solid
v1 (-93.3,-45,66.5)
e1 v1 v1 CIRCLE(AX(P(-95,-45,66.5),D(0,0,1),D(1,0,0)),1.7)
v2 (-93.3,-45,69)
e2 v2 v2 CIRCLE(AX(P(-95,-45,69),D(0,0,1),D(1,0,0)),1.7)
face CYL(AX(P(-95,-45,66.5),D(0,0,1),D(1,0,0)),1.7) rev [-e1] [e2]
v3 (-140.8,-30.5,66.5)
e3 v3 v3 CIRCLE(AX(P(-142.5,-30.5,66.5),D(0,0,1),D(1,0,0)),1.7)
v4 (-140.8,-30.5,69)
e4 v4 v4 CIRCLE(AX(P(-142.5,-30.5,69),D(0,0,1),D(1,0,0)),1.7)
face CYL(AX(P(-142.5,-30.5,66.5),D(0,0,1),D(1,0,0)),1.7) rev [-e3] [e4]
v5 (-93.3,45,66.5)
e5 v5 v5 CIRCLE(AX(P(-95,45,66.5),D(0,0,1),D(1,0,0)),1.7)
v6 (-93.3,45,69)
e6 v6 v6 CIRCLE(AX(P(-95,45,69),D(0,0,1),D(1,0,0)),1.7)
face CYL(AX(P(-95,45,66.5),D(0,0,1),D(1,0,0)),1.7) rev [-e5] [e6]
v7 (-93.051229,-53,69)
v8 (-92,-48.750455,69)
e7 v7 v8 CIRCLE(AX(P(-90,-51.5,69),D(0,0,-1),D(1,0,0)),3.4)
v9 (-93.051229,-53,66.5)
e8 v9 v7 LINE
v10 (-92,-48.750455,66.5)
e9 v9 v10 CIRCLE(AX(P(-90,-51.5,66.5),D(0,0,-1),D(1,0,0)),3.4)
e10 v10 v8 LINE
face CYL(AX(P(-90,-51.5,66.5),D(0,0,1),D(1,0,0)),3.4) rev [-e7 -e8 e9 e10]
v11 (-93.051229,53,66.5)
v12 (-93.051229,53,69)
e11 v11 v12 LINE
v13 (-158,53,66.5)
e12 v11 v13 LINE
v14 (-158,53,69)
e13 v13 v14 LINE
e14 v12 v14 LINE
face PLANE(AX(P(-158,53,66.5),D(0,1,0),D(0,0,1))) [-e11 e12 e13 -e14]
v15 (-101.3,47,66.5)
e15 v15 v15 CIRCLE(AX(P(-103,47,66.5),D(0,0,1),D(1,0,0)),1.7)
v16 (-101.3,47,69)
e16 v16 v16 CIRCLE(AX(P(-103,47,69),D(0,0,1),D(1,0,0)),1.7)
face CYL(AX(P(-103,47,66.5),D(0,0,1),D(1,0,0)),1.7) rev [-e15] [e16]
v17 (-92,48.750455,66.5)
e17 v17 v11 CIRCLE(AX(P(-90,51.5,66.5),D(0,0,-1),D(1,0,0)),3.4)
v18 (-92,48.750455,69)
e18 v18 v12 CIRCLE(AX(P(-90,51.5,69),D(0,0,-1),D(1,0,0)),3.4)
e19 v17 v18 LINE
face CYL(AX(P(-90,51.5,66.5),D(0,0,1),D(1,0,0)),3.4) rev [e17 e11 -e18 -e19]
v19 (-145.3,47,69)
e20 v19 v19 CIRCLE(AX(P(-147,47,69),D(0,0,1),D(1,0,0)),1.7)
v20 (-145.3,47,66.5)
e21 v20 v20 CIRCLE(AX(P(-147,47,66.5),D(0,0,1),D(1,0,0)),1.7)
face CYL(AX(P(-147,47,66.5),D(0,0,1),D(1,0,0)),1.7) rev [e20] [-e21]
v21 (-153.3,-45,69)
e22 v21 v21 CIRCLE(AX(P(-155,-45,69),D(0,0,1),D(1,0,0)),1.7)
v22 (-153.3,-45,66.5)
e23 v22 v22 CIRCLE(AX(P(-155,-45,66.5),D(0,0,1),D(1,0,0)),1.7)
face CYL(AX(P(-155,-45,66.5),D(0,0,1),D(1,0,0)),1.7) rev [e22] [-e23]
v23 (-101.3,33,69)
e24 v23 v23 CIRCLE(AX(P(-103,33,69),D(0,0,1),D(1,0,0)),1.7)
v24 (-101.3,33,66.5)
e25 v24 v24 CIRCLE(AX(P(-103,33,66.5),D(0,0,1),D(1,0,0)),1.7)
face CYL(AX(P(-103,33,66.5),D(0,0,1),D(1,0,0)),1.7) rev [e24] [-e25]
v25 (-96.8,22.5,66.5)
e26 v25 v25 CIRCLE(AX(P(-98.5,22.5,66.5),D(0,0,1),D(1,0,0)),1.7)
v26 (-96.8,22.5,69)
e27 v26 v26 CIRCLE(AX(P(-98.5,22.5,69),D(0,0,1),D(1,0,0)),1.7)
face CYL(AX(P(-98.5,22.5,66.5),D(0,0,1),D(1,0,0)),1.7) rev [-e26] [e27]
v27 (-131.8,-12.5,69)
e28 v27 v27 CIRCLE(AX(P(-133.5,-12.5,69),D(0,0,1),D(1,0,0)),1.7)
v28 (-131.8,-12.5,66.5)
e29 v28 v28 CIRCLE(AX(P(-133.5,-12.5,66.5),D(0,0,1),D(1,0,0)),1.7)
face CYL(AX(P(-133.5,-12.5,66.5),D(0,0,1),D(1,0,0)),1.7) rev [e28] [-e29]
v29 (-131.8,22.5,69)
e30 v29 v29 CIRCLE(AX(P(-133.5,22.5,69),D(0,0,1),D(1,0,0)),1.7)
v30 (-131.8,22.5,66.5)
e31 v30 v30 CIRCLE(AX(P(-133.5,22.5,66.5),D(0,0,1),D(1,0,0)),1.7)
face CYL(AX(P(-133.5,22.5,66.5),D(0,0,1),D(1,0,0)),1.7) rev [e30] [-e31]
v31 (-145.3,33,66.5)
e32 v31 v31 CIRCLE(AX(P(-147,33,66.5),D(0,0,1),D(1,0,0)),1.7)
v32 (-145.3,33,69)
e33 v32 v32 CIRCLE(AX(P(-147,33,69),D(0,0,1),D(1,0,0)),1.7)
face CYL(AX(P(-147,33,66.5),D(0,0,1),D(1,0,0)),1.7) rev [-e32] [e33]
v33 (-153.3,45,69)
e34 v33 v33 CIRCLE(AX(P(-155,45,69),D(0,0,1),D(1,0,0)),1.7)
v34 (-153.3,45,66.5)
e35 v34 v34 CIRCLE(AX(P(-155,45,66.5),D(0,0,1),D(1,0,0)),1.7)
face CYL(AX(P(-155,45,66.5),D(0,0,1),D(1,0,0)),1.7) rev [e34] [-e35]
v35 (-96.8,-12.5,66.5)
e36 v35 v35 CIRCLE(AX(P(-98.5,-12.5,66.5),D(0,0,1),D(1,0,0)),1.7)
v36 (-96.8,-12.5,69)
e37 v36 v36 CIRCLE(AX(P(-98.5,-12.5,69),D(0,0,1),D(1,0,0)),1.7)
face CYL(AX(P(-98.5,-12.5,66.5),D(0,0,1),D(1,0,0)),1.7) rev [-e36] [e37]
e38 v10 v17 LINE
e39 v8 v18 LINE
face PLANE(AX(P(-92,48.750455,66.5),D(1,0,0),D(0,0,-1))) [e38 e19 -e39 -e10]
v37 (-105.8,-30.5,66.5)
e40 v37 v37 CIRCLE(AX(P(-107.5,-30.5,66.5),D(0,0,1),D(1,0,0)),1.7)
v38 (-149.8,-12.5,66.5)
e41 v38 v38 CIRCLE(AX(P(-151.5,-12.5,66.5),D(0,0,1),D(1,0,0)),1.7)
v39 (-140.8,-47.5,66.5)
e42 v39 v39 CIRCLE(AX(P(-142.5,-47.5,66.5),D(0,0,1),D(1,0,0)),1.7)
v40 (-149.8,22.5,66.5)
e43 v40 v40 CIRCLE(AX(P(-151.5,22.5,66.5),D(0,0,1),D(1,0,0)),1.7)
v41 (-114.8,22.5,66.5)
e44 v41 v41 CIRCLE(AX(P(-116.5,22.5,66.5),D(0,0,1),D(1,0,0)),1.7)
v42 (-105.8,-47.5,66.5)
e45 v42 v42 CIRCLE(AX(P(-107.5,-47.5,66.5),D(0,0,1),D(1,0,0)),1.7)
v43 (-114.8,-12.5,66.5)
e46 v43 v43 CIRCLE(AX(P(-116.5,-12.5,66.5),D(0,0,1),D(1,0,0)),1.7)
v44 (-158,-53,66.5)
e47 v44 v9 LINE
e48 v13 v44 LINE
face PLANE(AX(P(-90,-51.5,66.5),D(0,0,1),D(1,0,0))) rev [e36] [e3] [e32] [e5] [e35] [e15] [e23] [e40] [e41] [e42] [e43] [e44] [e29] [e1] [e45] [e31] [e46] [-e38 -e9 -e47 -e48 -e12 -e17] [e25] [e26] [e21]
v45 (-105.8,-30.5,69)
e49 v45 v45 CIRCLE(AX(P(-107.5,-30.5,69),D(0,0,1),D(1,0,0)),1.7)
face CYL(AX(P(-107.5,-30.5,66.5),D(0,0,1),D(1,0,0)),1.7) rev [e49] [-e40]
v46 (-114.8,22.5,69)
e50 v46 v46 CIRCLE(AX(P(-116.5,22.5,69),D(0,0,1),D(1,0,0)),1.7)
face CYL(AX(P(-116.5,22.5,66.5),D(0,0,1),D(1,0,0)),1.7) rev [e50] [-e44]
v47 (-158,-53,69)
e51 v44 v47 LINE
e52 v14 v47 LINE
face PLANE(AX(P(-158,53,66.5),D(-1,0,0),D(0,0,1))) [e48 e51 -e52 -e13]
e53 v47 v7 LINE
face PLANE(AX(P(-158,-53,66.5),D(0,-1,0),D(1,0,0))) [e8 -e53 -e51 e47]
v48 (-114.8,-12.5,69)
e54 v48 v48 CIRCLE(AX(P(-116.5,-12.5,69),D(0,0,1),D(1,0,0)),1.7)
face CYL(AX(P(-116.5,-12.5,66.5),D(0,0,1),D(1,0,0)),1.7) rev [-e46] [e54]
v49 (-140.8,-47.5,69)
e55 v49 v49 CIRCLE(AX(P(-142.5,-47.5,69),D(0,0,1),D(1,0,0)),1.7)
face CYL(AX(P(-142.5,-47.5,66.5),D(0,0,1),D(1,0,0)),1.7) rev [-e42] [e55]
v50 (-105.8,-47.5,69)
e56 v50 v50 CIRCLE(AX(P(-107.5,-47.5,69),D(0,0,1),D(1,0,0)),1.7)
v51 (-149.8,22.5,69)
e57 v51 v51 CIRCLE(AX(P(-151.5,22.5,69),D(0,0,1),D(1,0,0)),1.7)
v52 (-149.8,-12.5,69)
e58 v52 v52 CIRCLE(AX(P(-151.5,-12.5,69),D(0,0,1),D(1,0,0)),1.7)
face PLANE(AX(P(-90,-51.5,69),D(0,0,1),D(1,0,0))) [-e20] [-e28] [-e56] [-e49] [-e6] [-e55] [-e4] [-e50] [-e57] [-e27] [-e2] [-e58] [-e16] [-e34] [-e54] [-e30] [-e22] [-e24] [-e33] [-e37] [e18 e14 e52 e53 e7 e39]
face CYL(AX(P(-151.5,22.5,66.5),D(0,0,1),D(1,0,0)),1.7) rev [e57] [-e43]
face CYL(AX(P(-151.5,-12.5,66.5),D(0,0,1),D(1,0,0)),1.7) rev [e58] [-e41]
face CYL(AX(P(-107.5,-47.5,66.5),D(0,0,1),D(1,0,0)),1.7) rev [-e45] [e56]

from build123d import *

# Parameters (mm, degrees)
MAIN_PROFILE_SKETCH_R = 1.7
MAIN_EXTRUSION_DEPTH  = 2.5


with BuildPart() as part:
    # Main Profile Sketch → Main Extrusion (new body)
    with BuildSketch(Plane.XY.offset(69)):
        with BuildLine():
            Line((-158, 53), (-93.05122926, 53))
            ThreePointArc((-93.05122926, 53), (-93.300513342, 50.683537094), (-92, 48.750454583))
            Line((-92, 48.750454583), (-92, -48.750454583))
            ThreePointArc((-92, -48.750454583), (-93.300513342, -50.683537094), (-93.05122926, -53))
            Line((-93.05122926, -53), (-158, -53))
            Line((-158, -53), (-158, 53))
        make_face()
        with Locations((-155, -45)):
            Circle(MAIN_PROFILE_SKETCH_R, mode=Mode.SUBTRACT)
        with Locations((-142.5, -47.5)):
            Circle(MAIN_PROFILE_SKETCH_R, mode=Mode.SUBTRACT)
        with Locations((-142.5, -30.5)):
            Circle(MAIN_PROFILE_SKETCH_R, mode=Mode.SUBTRACT)
        with Locations((-151.5, -12.5)):
            Circle(MAIN_PROFILE_SKETCH_R, mode=Mode.SUBTRACT)
        with Locations((-133.5, -12.5)):
            Circle(MAIN_PROFILE_SKETCH_R, mode=Mode.SUBTRACT)
        with Locations((-107.5, -47.5)):
            Circle(MAIN_PROFILE_SKETCH_R, mode=Mode.SUBTRACT)
        with Locations((-95, -45)):
            Circle(MAIN_PROFILE_SKETCH_R, mode=Mode.SUBTRACT)
        with Locations((-107.5, -30.5)):
            Circle(MAIN_PROFILE_SKETCH_R, mode=Mode.SUBTRACT)
        with Locations((-116.5, -12.5)):
            Circle(MAIN_PROFILE_SKETCH_R, mode=Mode.SUBTRACT)
        with Locations((-98.5, -12.5)):
            Circle(MAIN_PROFILE_SKETCH_R, mode=Mode.SUBTRACT)
        with Locations((-151.5, 22.5)):
            Circle(MAIN_PROFILE_SKETCH_R, mode=Mode.SUBTRACT)
        with Locations((-133.5, 22.5)):
            Circle(MAIN_PROFILE_SKETCH_R, mode=Mode.SUBTRACT)
        with Locations((-147, 33)):
            Circle(MAIN_PROFILE_SKETCH_R, mode=Mode.SUBTRACT)
        with Locations((-155, 45)):
            Circle(MAIN_PROFILE_SKETCH_R, mode=Mode.SUBTRACT)
        with Locations((-147, 47)):
            Circle(MAIN_PROFILE_SKETCH_R, mode=Mode.SUBTRACT)
        with Locations((-116.5, 22.5)):
            Circle(MAIN_PROFILE_SKETCH_R, mode=Mode.SUBTRACT)
        with Locations((-98.5, 22.5)):
            Circle(MAIN_PROFILE_SKETCH_R, mode=Mode.SUBTRACT)
        with Locations((-103, 33)):
            Circle(MAIN_PROFILE_SKETCH_R, mode=Mode.SUBTRACT)
        with Locations((-103, 47)):
            Circle(MAIN_PROFILE_SKETCH_R, mode=Mode.SUBTRACT)
        with Locations((-95, 45)):
            Circle(MAIN_PROFILE_SKETCH_R, mode=Mode.SUBTRACT)
    extrude(amount=-MAIN_EXTRUSION_DEPTH)


solid = part.part
